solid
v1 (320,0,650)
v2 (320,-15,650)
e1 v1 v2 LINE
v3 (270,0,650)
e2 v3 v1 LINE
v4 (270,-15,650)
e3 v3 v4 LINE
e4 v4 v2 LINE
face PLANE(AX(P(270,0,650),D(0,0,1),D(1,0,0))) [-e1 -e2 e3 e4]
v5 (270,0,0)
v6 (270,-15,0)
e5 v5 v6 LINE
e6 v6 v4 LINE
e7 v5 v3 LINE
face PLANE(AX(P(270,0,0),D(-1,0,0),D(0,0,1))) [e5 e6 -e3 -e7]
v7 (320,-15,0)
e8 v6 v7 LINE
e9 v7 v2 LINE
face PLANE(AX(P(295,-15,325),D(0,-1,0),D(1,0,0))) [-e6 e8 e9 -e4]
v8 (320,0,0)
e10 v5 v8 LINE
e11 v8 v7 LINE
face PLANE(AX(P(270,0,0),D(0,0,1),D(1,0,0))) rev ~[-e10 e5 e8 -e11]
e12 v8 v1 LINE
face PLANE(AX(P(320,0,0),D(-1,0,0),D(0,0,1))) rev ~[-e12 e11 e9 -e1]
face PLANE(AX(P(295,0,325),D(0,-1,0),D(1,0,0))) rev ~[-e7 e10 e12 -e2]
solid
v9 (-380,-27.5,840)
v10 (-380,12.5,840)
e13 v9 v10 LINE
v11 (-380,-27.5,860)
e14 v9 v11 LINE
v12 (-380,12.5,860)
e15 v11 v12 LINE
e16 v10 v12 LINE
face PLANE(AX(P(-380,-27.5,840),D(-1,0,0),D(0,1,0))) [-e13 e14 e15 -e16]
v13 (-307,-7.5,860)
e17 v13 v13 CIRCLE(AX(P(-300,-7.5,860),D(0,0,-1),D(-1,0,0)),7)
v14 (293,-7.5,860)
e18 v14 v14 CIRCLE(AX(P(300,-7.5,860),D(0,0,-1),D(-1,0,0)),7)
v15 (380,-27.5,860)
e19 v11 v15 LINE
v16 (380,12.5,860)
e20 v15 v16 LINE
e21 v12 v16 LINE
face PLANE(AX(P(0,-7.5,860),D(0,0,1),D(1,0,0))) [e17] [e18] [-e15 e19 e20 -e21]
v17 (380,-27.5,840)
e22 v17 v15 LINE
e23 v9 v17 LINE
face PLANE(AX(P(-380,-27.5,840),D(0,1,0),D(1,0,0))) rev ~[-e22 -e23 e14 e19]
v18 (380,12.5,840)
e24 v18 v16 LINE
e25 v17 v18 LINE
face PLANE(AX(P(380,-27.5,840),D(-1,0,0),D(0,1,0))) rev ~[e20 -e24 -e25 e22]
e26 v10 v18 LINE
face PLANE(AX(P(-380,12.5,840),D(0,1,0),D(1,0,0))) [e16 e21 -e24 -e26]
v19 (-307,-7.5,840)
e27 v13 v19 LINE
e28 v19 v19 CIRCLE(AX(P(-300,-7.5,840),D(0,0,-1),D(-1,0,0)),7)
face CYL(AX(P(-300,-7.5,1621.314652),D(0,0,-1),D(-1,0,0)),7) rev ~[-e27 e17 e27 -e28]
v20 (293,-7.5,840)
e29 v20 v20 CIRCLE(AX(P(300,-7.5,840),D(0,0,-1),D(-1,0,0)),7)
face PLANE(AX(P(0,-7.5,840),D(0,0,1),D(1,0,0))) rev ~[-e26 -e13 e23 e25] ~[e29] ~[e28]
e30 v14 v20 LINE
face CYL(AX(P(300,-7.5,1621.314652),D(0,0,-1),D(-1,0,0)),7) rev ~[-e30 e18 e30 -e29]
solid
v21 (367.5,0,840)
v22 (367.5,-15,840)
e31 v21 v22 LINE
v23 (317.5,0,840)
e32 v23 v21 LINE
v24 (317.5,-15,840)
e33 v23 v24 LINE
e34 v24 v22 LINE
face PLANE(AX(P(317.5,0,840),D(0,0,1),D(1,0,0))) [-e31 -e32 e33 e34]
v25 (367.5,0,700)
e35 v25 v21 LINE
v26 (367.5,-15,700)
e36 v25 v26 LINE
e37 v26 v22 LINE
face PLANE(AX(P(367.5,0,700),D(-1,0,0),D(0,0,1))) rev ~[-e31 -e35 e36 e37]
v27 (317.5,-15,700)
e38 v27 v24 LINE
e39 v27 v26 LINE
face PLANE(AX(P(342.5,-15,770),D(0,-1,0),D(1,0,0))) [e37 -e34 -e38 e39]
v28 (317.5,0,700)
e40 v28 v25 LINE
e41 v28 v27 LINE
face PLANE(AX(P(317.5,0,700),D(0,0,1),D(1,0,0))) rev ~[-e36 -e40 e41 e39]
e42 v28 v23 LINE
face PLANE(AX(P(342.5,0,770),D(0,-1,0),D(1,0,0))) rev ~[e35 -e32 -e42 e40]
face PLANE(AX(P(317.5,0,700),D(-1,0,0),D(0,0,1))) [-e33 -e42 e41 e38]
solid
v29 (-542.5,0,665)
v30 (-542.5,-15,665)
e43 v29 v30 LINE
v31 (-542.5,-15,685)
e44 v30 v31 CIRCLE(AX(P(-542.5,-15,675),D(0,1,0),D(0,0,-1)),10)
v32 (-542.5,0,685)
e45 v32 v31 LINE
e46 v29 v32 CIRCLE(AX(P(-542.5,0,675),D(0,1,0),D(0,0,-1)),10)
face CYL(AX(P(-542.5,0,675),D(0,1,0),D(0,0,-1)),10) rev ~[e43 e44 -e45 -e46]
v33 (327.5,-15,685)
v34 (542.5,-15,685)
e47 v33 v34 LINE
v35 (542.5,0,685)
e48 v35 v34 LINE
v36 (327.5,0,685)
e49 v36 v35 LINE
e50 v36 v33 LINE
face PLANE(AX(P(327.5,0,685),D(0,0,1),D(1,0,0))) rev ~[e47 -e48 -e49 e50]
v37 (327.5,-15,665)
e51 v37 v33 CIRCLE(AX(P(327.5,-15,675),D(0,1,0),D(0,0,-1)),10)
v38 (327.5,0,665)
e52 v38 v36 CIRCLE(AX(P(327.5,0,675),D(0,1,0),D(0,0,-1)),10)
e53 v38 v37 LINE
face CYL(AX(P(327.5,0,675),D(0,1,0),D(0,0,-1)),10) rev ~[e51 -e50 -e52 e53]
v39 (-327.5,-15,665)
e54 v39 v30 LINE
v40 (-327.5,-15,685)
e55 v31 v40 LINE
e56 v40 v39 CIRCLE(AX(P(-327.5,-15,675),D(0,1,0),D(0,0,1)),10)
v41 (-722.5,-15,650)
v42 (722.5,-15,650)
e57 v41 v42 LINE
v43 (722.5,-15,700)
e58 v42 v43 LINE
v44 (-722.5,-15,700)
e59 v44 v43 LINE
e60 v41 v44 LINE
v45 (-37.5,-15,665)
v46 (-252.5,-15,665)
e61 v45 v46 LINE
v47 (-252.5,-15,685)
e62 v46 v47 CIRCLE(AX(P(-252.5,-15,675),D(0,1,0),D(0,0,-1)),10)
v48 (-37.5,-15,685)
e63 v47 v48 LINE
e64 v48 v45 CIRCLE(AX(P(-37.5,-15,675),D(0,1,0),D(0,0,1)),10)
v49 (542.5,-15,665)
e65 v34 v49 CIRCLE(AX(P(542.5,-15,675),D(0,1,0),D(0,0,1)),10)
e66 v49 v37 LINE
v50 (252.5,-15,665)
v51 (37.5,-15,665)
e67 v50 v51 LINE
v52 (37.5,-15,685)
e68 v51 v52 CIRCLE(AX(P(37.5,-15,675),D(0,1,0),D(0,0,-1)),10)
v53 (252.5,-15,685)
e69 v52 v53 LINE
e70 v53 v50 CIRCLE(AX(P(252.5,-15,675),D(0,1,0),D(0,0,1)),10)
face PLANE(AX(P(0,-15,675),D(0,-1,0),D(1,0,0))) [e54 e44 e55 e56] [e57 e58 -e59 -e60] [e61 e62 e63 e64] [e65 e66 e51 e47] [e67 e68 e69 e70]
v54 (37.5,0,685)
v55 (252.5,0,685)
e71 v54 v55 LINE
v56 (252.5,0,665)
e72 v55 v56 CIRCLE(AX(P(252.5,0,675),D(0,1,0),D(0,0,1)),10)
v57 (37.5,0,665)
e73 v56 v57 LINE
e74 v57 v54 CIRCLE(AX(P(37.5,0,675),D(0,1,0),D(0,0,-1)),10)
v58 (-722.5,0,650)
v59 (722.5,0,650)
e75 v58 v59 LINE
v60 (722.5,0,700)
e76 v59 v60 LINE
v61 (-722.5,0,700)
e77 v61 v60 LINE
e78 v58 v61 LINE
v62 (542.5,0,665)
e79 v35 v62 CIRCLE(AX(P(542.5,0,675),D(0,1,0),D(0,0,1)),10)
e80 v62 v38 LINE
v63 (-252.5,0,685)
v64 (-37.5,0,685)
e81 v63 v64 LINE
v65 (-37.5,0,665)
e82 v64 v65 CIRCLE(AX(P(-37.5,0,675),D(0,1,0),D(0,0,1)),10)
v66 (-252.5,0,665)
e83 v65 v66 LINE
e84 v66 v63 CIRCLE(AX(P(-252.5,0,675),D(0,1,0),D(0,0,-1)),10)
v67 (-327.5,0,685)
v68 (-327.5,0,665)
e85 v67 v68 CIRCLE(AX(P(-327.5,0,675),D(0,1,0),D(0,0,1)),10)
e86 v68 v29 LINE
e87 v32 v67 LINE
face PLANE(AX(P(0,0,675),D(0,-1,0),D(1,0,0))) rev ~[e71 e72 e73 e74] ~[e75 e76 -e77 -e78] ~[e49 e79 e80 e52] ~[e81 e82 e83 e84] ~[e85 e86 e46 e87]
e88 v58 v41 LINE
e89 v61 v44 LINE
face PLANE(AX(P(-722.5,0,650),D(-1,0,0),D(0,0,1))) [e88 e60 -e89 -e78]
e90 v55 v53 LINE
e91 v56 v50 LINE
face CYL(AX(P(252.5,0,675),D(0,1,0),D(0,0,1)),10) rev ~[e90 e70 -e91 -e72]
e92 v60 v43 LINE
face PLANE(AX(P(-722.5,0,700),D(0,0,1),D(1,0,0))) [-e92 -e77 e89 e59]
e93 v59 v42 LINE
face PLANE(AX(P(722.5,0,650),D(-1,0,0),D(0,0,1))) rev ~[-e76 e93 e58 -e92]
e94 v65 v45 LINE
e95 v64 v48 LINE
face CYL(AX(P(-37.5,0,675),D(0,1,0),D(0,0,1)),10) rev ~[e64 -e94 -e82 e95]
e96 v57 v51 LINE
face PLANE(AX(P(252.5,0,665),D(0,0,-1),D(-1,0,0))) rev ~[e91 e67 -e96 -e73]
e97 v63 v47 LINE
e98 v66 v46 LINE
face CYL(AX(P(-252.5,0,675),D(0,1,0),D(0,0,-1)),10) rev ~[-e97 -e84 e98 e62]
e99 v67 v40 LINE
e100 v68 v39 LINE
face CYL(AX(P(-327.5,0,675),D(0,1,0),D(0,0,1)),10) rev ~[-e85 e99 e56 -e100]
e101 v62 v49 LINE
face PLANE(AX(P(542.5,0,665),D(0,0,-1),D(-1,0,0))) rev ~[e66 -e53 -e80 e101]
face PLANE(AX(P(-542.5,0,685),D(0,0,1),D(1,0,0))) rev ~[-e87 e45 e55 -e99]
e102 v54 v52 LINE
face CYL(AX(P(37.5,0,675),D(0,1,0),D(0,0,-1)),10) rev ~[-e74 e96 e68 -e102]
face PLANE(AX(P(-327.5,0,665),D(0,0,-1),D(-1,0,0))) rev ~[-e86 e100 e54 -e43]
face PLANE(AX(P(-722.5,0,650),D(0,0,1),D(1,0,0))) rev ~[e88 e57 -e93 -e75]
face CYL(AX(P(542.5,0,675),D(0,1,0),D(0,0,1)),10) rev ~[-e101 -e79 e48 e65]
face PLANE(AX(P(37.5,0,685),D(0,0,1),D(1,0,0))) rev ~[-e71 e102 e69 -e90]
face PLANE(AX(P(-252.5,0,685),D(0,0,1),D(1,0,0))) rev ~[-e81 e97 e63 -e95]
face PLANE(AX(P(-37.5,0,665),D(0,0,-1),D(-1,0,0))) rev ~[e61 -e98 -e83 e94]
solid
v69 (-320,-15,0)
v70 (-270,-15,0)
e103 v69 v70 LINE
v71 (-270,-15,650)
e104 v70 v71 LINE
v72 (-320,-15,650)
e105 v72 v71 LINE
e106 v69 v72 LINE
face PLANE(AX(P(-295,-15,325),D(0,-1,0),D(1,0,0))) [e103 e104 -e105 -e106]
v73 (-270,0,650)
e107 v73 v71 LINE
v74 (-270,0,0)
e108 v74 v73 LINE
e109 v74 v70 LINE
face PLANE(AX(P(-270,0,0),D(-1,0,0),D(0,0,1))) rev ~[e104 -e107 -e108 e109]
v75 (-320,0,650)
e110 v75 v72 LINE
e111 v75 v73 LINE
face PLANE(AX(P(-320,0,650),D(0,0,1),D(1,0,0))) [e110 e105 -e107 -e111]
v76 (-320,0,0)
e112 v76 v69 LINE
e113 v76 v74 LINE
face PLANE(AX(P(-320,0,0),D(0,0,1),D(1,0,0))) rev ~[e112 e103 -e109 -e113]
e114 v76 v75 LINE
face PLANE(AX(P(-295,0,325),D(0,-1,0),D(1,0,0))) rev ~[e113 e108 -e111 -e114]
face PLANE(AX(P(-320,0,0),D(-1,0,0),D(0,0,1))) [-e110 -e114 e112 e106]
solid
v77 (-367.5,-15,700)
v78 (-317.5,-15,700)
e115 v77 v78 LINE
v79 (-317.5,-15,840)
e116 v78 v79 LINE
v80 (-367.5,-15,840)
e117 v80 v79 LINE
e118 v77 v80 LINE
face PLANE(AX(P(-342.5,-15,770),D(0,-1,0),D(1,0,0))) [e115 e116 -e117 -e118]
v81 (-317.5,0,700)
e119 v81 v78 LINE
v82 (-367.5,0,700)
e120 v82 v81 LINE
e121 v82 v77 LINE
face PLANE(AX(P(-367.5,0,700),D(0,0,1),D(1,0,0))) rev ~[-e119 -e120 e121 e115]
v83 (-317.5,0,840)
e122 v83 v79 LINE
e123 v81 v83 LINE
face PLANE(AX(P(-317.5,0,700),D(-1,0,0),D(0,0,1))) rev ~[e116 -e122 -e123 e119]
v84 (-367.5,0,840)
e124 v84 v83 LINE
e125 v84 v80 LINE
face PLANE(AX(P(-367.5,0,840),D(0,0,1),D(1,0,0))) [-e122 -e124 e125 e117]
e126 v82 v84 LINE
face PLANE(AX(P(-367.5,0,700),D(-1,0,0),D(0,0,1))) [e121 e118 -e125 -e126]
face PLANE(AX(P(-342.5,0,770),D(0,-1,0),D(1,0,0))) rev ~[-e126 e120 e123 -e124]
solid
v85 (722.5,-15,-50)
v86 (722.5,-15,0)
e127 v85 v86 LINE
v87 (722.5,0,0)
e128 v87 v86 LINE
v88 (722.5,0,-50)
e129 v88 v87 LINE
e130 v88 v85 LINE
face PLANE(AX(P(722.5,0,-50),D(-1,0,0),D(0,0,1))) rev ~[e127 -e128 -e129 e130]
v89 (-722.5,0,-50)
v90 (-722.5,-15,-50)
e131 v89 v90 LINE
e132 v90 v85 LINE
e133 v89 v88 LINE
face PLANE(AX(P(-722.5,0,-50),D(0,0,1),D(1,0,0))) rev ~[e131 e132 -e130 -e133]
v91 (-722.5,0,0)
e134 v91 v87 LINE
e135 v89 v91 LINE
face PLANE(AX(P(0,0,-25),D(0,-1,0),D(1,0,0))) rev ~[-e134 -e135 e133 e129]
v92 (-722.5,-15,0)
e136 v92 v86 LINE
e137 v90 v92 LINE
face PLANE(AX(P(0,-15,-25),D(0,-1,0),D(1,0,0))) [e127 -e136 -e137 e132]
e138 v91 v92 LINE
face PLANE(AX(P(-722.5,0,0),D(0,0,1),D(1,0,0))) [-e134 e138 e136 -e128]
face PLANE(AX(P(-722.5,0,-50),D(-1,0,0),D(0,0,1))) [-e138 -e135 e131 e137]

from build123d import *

# Parameters (mm, degrees)
F0_W     = 50
F0_H     = 650
F1_DEPTH = 15
F2_W     = 1445
F2_H     = 50
F3_DEPTH = 15
F4_W     = 50
F4_H     = 140
F5_DEPTH = 15
F6_W     = 760
F6_H     = 40
F7_DEPTH = 20
F9_D     = 14


with BuildPart() as f1:
    # F0 (on Front) → F1 (new body)
    with BuildSketch(Plane.XZ):
        with Locations((295, 325)):
            Rectangle(F0_W, F0_H)
    extrude(amount=F1_DEPTH)


with BuildPart() as f1b:
    # F0 (on Front) → F1, piece 2 (new body)
    with BuildSketch(Plane.XZ):
        with Locations((-295, 325)):
            Rectangle(F0_W, F0_H)
    extrude(amount=F1_DEPTH)


with BuildPart() as f3:
    # F2 (on Front) → F3 (new body)
    with BuildSketch(Plane.XZ):
        with Locations((0, 675)):
            Rectangle(F2_W, F2_H)
        with BuildLine():
            Line((-542.5, 685), (-327.5, 685))
            ThreePointArc((-327.5, 685), (-317.5, 675), (-327.5, 665))
            Line((-327.5, 665), (-542.5, 665))
            ThreePointArc((-542.5, 665), (-552.5, 675), (-542.5, 685))
        make_face(mode=Mode.SUBTRACT)
        with BuildLine():
            ThreePointArc((-37.5, 685), (-27.5, 675), (-37.5, 665))
            Line((-37.5, 665), (-252.5, 665))
            ThreePointArc((-252.5, 665), (-262.5, 675), (-252.5, 685))
            Line((-252.5, 685), (-37.5, 685))
        make_face(mode=Mode.SUBTRACT)
        with BuildLine():
            ThreePointArc((37.5, 665), (27.5, 675), (37.5, 685))
            Line((37.5, 685), (252.5, 685))
            ThreePointArc((252.5, 685), (262.5, 675), (252.5, 665))
            Line((252.5, 665), (37.5, 665))
        make_face(mode=Mode.SUBTRACT)
        with BuildLine():
            ThreePointArc((327.5, 665), (317.5, 675), (327.5, 685))
            Line((327.5, 685), (542.5, 685))
            ThreePointArc((542.5, 685), (552.5, 675), (542.5, 665))
            Line((542.5, 665), (327.5, 665))
        make_face(mode=Mode.SUBTRACT)
    extrude(amount=F3_DEPTH)


with BuildPart() as f3b:
    # F2 (on Front) → F3, piece 2 (new body)
    with BuildSketch(Plane.XZ):
        with Locations((0, -25)):
            Rectangle(F2_W, F2_H)
    extrude(amount=F3_DEPTH)


with BuildPart() as f5:
    # F4 (on Front) → F5 (new body)
    with BuildSketch(Plane.XZ):
        with Locations((-342.5, 770)):
            Rectangle(F4_W, F4_H)
    extrude(amount=F5_DEPTH)


with BuildPart() as f5b:
    # F4 (on Front) → F5, piece 2 (new body)
    with BuildSketch(Plane.XZ):
        with Locations((342.5, 770)):
            Rectangle(F4_W, F4_H)
    extrude(amount=F5_DEPTH)


with BuildPart() as f7:
    # F6 (on face) → F7 (new body)
    with BuildSketch(Plane.XY.offset(840)):
        with Locations((0, -7.5)):
            Rectangle(F6_W, F6_H)
    extrude(amount=F7_DEPTH)

    # F9 (through all)
    with Locations(Plane.XY.offset(860)):
        with Locations((-300, -7.5), (300, -7.5)):
            Hole(F9_D / 2)


solid = Compound([f1.part, f1b.part, f3.part, f3b.part, f5.part, f5b.part, f7.part])
